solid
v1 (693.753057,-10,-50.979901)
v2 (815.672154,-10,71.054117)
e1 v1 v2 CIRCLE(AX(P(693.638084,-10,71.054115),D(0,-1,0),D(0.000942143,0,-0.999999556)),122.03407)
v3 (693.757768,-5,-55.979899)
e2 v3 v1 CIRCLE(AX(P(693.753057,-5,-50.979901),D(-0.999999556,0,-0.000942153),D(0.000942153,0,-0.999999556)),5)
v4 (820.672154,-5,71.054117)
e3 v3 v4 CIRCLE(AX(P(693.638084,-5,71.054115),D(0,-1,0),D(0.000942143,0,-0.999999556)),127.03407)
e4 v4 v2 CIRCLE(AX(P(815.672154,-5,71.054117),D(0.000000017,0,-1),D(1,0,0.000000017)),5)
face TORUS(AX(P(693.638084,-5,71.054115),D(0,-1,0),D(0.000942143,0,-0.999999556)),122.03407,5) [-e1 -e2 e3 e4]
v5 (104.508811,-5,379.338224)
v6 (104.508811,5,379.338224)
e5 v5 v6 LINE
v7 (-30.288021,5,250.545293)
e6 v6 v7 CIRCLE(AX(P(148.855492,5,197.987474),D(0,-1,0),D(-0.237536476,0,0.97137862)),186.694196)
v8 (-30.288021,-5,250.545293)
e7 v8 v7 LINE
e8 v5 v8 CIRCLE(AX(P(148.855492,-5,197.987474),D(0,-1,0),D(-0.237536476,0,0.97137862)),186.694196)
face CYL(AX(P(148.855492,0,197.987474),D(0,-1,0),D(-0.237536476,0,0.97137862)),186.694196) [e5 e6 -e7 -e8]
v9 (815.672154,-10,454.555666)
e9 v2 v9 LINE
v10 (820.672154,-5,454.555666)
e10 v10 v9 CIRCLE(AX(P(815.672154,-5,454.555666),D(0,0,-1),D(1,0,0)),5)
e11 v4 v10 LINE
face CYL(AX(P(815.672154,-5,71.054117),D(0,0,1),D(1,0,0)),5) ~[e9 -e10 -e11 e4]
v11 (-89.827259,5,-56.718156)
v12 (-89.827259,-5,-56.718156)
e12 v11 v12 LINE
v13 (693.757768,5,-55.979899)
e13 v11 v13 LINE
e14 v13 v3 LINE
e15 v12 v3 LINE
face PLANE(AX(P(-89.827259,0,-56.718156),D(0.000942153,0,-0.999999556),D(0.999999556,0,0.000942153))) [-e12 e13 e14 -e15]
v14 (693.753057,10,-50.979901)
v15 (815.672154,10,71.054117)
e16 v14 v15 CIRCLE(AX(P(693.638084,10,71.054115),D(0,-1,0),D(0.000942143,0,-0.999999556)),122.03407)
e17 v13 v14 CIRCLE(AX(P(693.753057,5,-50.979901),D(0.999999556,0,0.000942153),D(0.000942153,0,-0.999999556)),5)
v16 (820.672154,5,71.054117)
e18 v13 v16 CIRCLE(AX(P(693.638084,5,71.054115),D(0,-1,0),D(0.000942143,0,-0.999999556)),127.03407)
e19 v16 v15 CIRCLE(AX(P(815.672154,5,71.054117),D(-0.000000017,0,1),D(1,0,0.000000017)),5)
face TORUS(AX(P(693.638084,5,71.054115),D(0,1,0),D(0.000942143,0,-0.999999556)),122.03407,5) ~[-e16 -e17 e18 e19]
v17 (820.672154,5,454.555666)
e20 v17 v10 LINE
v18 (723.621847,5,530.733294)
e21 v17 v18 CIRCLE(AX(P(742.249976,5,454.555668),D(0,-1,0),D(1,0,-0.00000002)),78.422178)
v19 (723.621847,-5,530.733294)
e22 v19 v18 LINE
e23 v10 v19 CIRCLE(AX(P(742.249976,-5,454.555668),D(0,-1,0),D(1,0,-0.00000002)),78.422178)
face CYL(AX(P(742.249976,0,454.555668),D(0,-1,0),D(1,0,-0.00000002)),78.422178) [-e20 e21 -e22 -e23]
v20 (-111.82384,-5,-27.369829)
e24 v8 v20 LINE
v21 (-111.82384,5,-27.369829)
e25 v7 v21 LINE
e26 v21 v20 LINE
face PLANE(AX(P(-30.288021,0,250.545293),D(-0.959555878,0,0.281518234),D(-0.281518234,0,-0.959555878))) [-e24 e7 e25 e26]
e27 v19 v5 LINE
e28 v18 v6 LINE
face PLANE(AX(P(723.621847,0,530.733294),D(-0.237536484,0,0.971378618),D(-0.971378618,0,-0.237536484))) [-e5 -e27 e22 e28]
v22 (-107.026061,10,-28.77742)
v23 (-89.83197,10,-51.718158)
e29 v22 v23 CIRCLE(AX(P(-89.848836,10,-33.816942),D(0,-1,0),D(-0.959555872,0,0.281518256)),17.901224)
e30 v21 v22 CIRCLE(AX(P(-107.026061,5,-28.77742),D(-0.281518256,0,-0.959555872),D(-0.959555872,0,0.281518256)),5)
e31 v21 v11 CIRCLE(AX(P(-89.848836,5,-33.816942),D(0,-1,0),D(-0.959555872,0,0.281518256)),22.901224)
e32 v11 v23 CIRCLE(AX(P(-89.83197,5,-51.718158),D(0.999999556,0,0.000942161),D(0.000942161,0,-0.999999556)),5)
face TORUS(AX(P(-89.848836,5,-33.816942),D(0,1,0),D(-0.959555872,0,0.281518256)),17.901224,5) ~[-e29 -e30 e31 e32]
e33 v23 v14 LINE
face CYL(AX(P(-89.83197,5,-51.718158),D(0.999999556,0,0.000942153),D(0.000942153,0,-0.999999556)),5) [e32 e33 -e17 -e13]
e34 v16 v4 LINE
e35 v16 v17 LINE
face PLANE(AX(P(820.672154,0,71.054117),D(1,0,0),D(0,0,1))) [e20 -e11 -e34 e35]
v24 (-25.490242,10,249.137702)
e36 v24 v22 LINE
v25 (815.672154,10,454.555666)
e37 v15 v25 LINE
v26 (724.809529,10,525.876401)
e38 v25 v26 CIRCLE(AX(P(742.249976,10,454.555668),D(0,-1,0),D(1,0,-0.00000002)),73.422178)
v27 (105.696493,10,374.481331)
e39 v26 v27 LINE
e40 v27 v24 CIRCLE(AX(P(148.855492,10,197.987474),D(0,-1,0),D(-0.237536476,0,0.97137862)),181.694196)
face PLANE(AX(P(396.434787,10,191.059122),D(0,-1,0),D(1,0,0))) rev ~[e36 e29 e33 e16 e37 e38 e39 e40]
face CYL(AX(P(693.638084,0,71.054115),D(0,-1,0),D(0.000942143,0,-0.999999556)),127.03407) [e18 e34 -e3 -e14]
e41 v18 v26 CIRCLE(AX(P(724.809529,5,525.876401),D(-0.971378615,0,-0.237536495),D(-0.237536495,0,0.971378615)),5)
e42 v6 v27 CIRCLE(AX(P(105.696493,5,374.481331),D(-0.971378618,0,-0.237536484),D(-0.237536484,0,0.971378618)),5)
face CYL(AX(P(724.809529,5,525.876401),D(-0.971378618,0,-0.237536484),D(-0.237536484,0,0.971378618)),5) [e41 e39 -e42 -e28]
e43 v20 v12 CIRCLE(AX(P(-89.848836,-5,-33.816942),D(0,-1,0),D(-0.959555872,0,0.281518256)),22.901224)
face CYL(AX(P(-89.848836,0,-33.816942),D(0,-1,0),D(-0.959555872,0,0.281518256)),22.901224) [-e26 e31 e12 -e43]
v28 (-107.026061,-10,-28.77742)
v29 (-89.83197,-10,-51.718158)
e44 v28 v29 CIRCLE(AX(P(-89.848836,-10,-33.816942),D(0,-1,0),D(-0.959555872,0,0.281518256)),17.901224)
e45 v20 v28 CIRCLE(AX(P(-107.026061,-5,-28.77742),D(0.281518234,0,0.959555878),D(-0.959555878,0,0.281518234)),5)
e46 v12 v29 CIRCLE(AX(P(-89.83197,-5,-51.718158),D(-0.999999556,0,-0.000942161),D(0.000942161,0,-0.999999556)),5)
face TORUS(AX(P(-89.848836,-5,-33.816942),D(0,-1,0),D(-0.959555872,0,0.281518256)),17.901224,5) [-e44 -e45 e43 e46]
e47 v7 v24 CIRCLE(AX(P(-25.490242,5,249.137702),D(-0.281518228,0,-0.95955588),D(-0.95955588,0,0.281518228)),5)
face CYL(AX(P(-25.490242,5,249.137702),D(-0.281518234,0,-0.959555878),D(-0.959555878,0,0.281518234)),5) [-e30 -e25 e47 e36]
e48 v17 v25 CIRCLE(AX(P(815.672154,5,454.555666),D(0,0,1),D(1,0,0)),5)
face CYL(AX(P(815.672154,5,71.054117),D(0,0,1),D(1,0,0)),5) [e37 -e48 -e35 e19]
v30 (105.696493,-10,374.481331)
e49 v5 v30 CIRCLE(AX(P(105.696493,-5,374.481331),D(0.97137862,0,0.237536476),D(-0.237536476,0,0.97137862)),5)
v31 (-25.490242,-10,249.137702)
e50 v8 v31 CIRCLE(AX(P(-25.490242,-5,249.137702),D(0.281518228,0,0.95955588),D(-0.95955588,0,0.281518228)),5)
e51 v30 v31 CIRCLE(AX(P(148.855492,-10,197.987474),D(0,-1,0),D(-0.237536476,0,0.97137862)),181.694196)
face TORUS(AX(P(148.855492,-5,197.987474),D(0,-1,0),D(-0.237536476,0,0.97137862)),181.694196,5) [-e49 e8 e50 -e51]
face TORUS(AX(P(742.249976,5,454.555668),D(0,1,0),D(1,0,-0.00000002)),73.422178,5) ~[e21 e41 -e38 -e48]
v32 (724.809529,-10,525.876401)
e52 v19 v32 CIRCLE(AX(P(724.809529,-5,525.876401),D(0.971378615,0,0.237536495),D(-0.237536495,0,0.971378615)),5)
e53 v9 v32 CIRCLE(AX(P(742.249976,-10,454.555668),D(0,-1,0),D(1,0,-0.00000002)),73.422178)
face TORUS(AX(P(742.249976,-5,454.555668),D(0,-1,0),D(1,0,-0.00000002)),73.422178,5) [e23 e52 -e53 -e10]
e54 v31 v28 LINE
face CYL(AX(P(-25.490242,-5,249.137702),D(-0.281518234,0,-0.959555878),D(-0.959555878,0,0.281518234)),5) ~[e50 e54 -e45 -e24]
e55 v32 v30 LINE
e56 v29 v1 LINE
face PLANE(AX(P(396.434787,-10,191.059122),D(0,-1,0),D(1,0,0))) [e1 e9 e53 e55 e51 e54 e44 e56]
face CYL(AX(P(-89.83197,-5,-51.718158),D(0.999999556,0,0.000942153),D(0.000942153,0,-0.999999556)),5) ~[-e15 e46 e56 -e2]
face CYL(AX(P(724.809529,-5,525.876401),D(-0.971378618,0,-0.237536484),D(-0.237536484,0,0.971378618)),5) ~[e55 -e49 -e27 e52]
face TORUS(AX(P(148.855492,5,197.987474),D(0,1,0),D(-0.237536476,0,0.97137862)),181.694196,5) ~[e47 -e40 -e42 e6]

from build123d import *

# Parameters (mm, degrees)
F1_DEPTH = 10
F2_R     = 5


with BuildPart() as f1:
    # F0 (on Front) → F1 (new body, symmetric)
    with BuildSketch(Plane.XZ):
        with BuildLine():
            Line((-30.288021, 250.545293), (-111.82384, -27.369829))
            ThreePointArc((-111.82384, -27.369829), (-108.174209, -47.551816), (-89.827259, -56.718156))
            Line((-89.827259, -56.718156), (693.757768, -55.979899))
            ThreePointArc((693.757768, -55.979899), (783.507042, -18.730212), (820.672154, 71.054117))
            Line((820.672154, 71.054117), (820.672154, 454.555666))
            ThreePointArc((820.672154, 454.555666), (790.670941, 516.243982), (723.621847, 530.733294))
            Line((723.621847, 530.733294), (104.508811, 379.338224))
            ThreePointArc((104.508811, 379.338224), (19.883125, 332.972107), (-30.288021, 250.545293))
        make_face()
    extrude(amount=F1_DEPTH, both=True)

    # F2
    f2_edges = [f1.edges().sort_by_distance(p)[0] for p in [
        (19.883125, -10, 332.972107),
        (414.065329, -10, 455.035759),
        (790.670941, -10, 516.243982),
        (820.672154, -10, 262.804891),
        (783.507042, -10, -18.730212),
        (301.965255, -10, -56.349027),
        (-108.174209, 10, -47.551816),
        (-71.055931, -10, 111.587732),
        (-71.055931, 10, 111.587732),
        (19.883125, 10, 332.972107),
        (301.965255, 10, -56.349027),
    ]]
    fillet(f2_edges, radius=F2_R)


solid = f1.part
